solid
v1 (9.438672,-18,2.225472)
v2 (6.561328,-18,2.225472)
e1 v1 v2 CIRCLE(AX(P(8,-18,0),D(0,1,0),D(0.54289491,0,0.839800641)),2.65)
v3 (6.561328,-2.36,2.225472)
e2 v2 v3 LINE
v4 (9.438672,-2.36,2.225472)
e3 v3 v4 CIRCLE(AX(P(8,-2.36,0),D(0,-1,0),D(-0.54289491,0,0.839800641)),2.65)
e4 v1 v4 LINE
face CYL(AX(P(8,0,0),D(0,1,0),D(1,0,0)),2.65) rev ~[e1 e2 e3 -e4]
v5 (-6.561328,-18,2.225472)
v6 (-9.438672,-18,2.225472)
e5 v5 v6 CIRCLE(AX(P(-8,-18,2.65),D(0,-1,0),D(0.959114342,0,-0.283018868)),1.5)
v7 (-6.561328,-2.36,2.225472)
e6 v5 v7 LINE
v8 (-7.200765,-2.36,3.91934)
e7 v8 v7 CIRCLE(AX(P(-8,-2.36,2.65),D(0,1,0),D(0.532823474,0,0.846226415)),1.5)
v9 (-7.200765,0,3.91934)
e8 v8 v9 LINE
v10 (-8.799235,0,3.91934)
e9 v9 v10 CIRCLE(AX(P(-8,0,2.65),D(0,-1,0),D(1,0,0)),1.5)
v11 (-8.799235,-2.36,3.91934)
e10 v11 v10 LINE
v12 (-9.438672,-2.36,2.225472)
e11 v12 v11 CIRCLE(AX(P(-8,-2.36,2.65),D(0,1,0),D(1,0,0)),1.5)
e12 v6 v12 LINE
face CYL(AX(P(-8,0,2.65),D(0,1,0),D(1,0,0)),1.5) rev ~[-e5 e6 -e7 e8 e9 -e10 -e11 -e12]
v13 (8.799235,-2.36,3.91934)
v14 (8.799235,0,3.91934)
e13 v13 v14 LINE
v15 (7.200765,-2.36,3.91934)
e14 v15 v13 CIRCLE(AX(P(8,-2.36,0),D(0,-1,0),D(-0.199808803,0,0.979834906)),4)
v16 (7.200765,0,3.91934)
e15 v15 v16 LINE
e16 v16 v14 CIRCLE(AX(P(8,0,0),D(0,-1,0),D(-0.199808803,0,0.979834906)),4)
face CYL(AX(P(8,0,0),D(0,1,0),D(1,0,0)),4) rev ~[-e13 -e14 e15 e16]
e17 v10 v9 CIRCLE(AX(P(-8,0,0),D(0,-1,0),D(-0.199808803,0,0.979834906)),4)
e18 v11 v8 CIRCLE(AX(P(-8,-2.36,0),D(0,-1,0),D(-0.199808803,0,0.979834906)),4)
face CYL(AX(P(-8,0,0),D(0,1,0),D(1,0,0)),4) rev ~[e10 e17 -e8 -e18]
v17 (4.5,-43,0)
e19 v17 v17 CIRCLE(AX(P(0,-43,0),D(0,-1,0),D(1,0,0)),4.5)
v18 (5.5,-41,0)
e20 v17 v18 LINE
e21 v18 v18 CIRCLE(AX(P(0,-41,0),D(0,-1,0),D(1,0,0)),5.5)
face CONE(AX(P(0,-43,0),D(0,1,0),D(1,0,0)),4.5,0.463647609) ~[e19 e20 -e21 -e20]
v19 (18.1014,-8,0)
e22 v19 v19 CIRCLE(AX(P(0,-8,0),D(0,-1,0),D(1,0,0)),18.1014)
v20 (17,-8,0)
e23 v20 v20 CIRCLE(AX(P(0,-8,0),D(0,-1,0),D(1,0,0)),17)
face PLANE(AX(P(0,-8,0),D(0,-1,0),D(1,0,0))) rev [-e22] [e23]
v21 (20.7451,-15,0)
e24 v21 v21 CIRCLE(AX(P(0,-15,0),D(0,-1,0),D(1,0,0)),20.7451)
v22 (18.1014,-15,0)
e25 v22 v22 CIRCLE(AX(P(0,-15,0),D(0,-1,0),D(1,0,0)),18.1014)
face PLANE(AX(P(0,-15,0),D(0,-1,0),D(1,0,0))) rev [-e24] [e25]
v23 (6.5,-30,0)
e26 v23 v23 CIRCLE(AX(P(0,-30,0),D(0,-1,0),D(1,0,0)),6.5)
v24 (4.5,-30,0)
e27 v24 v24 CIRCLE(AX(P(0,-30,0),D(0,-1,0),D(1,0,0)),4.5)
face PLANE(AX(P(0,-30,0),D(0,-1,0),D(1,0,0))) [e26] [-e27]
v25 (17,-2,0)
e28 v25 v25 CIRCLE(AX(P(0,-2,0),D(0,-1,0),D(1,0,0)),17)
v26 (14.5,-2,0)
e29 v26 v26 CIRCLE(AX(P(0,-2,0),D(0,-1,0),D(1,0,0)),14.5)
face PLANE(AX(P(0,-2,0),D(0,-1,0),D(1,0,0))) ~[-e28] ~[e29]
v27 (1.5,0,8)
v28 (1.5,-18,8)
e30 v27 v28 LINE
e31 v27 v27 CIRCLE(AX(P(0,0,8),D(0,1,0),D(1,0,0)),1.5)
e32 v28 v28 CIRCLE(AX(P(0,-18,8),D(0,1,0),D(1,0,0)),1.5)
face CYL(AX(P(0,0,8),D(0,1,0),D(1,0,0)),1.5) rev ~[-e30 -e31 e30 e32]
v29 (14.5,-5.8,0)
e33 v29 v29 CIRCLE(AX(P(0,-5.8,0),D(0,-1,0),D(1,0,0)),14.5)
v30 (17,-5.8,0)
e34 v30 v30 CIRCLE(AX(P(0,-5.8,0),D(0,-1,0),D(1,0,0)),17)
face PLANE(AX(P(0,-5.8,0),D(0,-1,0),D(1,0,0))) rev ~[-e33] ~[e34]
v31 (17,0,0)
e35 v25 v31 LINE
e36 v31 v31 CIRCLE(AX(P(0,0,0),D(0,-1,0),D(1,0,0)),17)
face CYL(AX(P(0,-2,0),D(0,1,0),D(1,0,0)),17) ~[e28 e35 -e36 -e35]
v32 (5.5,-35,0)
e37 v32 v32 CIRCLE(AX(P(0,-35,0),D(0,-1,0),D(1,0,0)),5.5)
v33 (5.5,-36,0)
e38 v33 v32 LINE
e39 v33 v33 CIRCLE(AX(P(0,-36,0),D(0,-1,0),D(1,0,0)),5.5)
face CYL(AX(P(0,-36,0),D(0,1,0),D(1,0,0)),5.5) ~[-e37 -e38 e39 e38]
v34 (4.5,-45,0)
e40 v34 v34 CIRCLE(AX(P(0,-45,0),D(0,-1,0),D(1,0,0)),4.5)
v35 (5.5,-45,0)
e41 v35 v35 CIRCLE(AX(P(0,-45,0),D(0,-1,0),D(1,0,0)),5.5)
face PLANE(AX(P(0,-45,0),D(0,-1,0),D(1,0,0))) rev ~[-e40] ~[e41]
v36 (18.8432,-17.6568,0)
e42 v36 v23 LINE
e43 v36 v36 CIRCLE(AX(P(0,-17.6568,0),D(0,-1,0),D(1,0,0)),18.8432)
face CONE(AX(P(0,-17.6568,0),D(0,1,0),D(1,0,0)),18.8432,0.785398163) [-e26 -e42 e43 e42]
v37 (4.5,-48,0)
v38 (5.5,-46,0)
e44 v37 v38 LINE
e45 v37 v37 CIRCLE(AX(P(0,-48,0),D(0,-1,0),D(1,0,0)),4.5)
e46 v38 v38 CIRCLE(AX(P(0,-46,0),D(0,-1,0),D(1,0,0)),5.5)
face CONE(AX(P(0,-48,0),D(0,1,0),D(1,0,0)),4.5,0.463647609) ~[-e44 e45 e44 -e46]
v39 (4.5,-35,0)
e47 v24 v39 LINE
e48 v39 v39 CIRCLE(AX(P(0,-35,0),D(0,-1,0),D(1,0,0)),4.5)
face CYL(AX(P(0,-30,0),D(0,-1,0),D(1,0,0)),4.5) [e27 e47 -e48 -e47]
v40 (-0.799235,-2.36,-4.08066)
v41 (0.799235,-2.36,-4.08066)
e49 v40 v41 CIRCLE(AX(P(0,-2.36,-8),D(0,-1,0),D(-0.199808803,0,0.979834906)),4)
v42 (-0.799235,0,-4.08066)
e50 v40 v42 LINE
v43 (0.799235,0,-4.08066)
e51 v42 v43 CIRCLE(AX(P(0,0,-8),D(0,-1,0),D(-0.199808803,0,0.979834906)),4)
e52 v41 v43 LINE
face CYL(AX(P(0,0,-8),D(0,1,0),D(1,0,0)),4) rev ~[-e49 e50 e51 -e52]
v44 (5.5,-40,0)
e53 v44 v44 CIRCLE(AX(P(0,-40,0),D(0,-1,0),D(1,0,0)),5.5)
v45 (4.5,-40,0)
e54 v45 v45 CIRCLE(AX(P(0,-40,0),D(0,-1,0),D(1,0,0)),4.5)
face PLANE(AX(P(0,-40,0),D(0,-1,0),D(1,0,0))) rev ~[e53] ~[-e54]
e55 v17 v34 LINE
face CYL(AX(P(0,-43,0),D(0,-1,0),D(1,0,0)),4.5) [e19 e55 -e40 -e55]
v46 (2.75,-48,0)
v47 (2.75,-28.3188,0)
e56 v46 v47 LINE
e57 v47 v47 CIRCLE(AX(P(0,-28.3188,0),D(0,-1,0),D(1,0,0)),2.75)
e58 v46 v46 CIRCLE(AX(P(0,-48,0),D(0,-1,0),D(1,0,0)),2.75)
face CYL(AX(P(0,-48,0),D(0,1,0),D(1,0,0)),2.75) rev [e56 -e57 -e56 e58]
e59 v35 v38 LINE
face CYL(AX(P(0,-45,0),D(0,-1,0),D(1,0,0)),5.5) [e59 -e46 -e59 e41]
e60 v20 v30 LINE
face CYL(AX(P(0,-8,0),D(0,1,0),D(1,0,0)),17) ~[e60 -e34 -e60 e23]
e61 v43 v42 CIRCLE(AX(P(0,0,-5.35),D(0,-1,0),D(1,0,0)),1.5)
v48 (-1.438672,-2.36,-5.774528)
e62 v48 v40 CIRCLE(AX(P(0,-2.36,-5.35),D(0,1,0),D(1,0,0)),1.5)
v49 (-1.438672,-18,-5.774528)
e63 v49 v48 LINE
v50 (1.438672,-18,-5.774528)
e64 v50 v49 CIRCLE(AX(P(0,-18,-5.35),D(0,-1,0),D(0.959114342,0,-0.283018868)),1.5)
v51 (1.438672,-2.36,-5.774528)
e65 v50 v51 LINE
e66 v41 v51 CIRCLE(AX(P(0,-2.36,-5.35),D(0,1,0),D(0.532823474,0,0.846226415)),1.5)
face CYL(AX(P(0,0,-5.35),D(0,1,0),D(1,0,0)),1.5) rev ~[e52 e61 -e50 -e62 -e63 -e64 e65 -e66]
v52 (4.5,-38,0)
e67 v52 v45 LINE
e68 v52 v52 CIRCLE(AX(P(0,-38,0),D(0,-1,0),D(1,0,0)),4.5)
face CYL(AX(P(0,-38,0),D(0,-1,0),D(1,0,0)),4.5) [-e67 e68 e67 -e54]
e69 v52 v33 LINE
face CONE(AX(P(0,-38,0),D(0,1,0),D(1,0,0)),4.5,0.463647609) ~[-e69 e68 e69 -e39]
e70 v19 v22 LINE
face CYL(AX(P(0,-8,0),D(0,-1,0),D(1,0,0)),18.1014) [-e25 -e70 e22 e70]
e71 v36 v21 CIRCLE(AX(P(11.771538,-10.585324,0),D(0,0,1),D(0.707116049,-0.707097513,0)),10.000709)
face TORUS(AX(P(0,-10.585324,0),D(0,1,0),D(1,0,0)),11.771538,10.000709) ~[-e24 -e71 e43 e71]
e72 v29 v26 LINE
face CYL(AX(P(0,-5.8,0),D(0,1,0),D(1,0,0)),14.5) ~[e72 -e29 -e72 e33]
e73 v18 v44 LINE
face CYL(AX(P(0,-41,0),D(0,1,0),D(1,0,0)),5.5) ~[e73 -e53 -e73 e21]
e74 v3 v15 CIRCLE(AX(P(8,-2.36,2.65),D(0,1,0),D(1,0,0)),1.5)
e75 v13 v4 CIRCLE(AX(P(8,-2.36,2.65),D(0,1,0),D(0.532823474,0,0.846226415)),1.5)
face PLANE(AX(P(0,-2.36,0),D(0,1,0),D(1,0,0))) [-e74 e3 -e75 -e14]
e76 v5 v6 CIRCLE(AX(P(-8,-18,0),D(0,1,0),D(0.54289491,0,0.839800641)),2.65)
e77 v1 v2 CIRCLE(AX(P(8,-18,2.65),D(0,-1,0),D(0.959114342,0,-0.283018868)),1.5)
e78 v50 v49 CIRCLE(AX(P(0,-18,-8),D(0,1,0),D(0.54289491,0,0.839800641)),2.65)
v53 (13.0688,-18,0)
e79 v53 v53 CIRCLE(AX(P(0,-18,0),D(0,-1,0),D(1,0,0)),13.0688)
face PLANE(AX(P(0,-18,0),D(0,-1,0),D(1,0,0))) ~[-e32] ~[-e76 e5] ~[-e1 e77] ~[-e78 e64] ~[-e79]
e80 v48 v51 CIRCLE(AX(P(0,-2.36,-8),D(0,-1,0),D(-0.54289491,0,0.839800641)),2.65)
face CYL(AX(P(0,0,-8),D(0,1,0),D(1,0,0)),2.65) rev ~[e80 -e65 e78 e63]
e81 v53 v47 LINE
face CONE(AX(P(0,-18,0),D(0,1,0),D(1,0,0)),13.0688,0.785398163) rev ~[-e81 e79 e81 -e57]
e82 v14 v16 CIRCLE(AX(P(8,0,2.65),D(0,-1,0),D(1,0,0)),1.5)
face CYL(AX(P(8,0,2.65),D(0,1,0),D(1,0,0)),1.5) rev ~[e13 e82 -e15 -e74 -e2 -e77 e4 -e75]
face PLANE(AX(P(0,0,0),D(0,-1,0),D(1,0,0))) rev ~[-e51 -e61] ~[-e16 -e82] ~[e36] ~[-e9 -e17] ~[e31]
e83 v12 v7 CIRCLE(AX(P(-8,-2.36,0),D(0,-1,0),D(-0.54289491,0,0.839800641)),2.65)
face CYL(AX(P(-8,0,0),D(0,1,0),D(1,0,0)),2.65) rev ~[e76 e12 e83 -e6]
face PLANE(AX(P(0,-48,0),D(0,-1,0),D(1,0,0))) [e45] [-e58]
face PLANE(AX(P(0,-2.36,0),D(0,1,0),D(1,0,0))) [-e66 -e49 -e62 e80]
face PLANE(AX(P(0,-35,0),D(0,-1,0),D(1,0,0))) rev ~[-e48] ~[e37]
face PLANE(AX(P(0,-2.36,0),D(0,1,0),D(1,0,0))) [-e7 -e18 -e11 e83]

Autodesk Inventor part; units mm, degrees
ref_plane "YZ Plane" through (0, 0, 0) normal (1, 0, 0) x (0, 1, 0)
ref_plane "XZ Plane" through (0, 0, 0) normal (0, 1, 0) x (-1, 0, 0)
ref_plane "XY Plane" through (0, 0, 0) normal (0, 0, 1) x (1, 0, 0)
sketch "Bottom Sketch" plane through (0, 0, 0) normal (0, 0, 1) x (1, 0, 0)
  line L0 (-17, 0) -> (17, 0) construction
  line L1 (17, 0) -> (17, -8) construction
  line L2 (17, -8) -> (-17, -8) construction
  line L3 (-17, -8) -> (-17, 0) construction
  line L4 (-14.5, 0) -> (14.5, 0) construction
  line L5 (14.5, 0) -> (14.5, -8) construction
  line L6 (14.5, -8) -> (-14.5, -8) construction
  line L7 (-14.5, -8) -> (-14.5, 0) construction
  line L8 (17, -8) -> (17, -5.8)
  line L9 (17, -5.8) -> (14.5, -5.8)
  line L10 (14.5, -5.8) -> (14.5, -2)
  line L11 (14.5, -2) -> (17, -2)
  line L12 (17, -2) -> (17, 0)
  line L13 (17, -8) -> (18.1014, -8)
  line L14 (-6.5, 0) -> (6.5, 0) construction
  line L15 (6.5, 0) -> (6.5, -30) construction
  line L16 (6.5, -30) -> (-6.5, -30) construction
  line L17 (-6.5, -30) -> (-6.5, 0) construction
  line L18 (18.1014, -8) -> (18.1014, -15)
  line L19 (17, 0) -> (0, 0)
  line L20 (-4.5, -30) -> (4.5, -30) construction
  line L21 (4.5, -48) -> (-4.5, -48) construction
  line L22 (-4.5, -48) -> (-4.5, -30) construction
  line L23 (6.5, -30) -> (4.5, -30)
  line L24 (4.5, -48) -> (2.75, -48)
  line L25 (2.75, -48) -> (2.75, -28.3188)
  line L26 (0, 0) -> (0, -18)
  line L27 (0, -18) -> (13.0688, -18)
  line L28 (13.0688, -18) -> (2.75, -28.3188)
  line L29 (-1.7435, -30) -> (1.7435, -30) construction
  line L30 (1.7435, -30) -> (1.7435, -48) construction
  line L31 (1.7435, -48) -> (-1.7435, -48) construction
  line L32 (-1.7435, -48) -> (-1.7435, -30) construction
  line L33 (4.5, -45) -> (5.5, -45) construction
  line L34 (5.5, -45) -> (5.5, -48) construction
  line L35 (5.5, -48) -> (4.5, -48) construction
  line L36 (4.5, -48) -> (4.5, -45) construction
  line L37 (4.5, -40) -> (5.5, -40) construction
  line L38 (5.5, -40) -> (5.5, -43) construction
  line L39 (5.5, -43) -> (4.5, -43) construction
  line L40 (4.5, -43) -> (4.5, -40) construction
  line L41 (4.5, -35) -> (5.5, -35) construction
  line L42 (5.5, -35) -> (5.5, -38) construction
  line L43 (5.5, -38) -> (4.5, -38) construction
  line L44 (4.5, -38) -> (4.5, -35) construction
  line L45 (4.5, -48) -> (5.5, -46)
  line L46 (5.5, -45) -> (5.5, -46)
  line L47 (5.5, -45) -> (4.5, -45)
  line L48 (4.5, -43) -> (5.5, -41)
  line L49 (5.5, -41) -> (5.5, -40)
  line L50 (5.5, -40) -> (4.5, -40)
  line L51 (4.5, -38) -> (5.5, -36)
  line L52 (5.5, -36) -> (5.5, -35)
  line L53 (5.5, -35) -> (4.5, -35)
  line L54 (4.5, -30) -> (4.5, -35)
  line L55 (4.5, -30) -> (4.5, -40) construction
  line L56 (4.5, -43) -> (4.5, -45) construction
  line L57 (4.5, -38) -> (4.5, -40)
  line L58 (4.5, -43) -> (4.5, -45)
  line L59 (-22.5, 0) -> (22.5, 0) construction
  line L60 (22.5, 0) -> (22.5, -15) construction
  line L61 (22.5, -15) -> (-22.5, -15) construction
  line L62 (-22.5, -15) -> (-22.5, 0) construction
  line L63 (-21.5, 0) -> (21.5, 0) construction
  line L64 (21.5, 0) -> (21.5, -15) construction
  line L65 (21.5, -15) -> (-21.5, -15) construction
  line L66 (-21.5, -15) -> (-21.5, 0) construction
  line L67 (22.5, 0) -> (21.7499, -11.251) construction
  line L68 (18.8432, -17.6568) -> (6.5, -30)
  arc A0 (18.8432, -17.6568) -> (20.7451, -15) centre (11.7721, -10.5858) ccw
  line L69 (18.1014, -15) -> (20.7451, -15)
  point P0 (0, -8)
  point P1 (0, -30)
  point P2 (0, -30)
  point P3 (0, -30)
  point P4 (0, -48)
  point P5 (0, -48)
  dimension "d0" = 8
  dimension "d1" = 8
  dimension "d2" = 34
  dimension "d3" = 29
  dimension "d4" = 2
  dimension "d5" = 3.8
  dimension "d6" = 30
  dimension "d7" = 13
  dimension "d8" = 9
  dimension "d9" = 18
  dimension "d10" = 1.75
  dimension "d11" = 18
  dimension "d16" = 1
  dimension "d18" = 3
  dimension "d19" = 1
  dimension "d20" = 3
  dimension "d21" = 2
  dimension "d22" = 1
  dimension "d23" = 3
  dimension "d24" = 2
  dimension "d25" = 15
  dimension "d26" = 1
  dimension "d27" = 1
  dimension "d28" = 1
  dimension "d29" = 15
  dimension "d30" = 45
  dimension "d31" = 15
  dimension "d32" = 43
  dimension "d33" = 10
revolve "Bottom" add sketch "Bottom Sketch" angle 360 about axis through (0, 0, 0) along (0, -1, 0)
thread "Thread2" size "M38x1.5" class "6g" standard "ANSI Metric M Profile" full length
sketch "Sketch2" plane through (0, 0, 0) normal (0, 1, 0) x (1, 0, 0)
  circle A0 centre (8, 0) radius 2.65
  circle A1 centre (0, 8) radius 2.65
  circle A2 centre (-8, 0) radius 2.65
  circle A3 centre (0, -8) radius 1.5
  point P0 (0, 0)
  point P1 (0, 0)
  point P2 (0, 0)
  dimension "d37" = 8
  dimension "d38" = 5.3
  dimension "d41" = 180
  dimension "d43" = 8
  dimension "d44" = 3
extrude "Extrusion1" cut sketch "Sketch2" against normal blind 19
sketch "Sketch3" plane through (0, 0, 0) normal (0, 1, 0) x (1, 0, 0)
  circle A0 centre (8, 0) radius 4
  circle A1 centre (0, 8) radius 4
  circle A2 centre (-8, 0) radius 4
  point P0 (0, 0)
  point P1 (0, 0)
  point P2 (0, 0)
  dimension "d47" = 8
  dimension "d49" = 8
  dimension "d52" = 180
extrude "Extrusion2" cut sketch "Sketch3" against normal blind 2.36
sketch "Sketch4" plane through (0, 0, 0) normal (0, 1, 0) x (1, 0, 0)
  circle A0 centre (0, 8) radius 2.65 projected
  circle A1 centre (0, 5.35) radius 1.5
  circle A2 centre (8, 0) radius 2.65 projected
  circle A3 centre (8, -2.65) radius 1.5
  circle A4 centre (-8, 0) radius 2.65 projected
  circle A5 centre (-8, -2.65) radius 1.5
  point P0 (0, 0)
  dimension "d56" = 3
  dimension "d57" = 3
  dimension "d58" = 3
extrude "Extrusion3" cut sketch "Sketch4" against normal blind 19 contours A1 A0 | A0 A1 | A3 A2 | A2 A3 | A5 A4 | A4 A5 picked at (0.0582, 5.8582) picked at (0.0506, 4.8642) picked at (8.0582, -2.1418) picked at (8.0506, -3.1358) picked at (-7.9418, -2.1418) picked at (-7.9494, -3.1358)
properties part number "_3DPrint"
